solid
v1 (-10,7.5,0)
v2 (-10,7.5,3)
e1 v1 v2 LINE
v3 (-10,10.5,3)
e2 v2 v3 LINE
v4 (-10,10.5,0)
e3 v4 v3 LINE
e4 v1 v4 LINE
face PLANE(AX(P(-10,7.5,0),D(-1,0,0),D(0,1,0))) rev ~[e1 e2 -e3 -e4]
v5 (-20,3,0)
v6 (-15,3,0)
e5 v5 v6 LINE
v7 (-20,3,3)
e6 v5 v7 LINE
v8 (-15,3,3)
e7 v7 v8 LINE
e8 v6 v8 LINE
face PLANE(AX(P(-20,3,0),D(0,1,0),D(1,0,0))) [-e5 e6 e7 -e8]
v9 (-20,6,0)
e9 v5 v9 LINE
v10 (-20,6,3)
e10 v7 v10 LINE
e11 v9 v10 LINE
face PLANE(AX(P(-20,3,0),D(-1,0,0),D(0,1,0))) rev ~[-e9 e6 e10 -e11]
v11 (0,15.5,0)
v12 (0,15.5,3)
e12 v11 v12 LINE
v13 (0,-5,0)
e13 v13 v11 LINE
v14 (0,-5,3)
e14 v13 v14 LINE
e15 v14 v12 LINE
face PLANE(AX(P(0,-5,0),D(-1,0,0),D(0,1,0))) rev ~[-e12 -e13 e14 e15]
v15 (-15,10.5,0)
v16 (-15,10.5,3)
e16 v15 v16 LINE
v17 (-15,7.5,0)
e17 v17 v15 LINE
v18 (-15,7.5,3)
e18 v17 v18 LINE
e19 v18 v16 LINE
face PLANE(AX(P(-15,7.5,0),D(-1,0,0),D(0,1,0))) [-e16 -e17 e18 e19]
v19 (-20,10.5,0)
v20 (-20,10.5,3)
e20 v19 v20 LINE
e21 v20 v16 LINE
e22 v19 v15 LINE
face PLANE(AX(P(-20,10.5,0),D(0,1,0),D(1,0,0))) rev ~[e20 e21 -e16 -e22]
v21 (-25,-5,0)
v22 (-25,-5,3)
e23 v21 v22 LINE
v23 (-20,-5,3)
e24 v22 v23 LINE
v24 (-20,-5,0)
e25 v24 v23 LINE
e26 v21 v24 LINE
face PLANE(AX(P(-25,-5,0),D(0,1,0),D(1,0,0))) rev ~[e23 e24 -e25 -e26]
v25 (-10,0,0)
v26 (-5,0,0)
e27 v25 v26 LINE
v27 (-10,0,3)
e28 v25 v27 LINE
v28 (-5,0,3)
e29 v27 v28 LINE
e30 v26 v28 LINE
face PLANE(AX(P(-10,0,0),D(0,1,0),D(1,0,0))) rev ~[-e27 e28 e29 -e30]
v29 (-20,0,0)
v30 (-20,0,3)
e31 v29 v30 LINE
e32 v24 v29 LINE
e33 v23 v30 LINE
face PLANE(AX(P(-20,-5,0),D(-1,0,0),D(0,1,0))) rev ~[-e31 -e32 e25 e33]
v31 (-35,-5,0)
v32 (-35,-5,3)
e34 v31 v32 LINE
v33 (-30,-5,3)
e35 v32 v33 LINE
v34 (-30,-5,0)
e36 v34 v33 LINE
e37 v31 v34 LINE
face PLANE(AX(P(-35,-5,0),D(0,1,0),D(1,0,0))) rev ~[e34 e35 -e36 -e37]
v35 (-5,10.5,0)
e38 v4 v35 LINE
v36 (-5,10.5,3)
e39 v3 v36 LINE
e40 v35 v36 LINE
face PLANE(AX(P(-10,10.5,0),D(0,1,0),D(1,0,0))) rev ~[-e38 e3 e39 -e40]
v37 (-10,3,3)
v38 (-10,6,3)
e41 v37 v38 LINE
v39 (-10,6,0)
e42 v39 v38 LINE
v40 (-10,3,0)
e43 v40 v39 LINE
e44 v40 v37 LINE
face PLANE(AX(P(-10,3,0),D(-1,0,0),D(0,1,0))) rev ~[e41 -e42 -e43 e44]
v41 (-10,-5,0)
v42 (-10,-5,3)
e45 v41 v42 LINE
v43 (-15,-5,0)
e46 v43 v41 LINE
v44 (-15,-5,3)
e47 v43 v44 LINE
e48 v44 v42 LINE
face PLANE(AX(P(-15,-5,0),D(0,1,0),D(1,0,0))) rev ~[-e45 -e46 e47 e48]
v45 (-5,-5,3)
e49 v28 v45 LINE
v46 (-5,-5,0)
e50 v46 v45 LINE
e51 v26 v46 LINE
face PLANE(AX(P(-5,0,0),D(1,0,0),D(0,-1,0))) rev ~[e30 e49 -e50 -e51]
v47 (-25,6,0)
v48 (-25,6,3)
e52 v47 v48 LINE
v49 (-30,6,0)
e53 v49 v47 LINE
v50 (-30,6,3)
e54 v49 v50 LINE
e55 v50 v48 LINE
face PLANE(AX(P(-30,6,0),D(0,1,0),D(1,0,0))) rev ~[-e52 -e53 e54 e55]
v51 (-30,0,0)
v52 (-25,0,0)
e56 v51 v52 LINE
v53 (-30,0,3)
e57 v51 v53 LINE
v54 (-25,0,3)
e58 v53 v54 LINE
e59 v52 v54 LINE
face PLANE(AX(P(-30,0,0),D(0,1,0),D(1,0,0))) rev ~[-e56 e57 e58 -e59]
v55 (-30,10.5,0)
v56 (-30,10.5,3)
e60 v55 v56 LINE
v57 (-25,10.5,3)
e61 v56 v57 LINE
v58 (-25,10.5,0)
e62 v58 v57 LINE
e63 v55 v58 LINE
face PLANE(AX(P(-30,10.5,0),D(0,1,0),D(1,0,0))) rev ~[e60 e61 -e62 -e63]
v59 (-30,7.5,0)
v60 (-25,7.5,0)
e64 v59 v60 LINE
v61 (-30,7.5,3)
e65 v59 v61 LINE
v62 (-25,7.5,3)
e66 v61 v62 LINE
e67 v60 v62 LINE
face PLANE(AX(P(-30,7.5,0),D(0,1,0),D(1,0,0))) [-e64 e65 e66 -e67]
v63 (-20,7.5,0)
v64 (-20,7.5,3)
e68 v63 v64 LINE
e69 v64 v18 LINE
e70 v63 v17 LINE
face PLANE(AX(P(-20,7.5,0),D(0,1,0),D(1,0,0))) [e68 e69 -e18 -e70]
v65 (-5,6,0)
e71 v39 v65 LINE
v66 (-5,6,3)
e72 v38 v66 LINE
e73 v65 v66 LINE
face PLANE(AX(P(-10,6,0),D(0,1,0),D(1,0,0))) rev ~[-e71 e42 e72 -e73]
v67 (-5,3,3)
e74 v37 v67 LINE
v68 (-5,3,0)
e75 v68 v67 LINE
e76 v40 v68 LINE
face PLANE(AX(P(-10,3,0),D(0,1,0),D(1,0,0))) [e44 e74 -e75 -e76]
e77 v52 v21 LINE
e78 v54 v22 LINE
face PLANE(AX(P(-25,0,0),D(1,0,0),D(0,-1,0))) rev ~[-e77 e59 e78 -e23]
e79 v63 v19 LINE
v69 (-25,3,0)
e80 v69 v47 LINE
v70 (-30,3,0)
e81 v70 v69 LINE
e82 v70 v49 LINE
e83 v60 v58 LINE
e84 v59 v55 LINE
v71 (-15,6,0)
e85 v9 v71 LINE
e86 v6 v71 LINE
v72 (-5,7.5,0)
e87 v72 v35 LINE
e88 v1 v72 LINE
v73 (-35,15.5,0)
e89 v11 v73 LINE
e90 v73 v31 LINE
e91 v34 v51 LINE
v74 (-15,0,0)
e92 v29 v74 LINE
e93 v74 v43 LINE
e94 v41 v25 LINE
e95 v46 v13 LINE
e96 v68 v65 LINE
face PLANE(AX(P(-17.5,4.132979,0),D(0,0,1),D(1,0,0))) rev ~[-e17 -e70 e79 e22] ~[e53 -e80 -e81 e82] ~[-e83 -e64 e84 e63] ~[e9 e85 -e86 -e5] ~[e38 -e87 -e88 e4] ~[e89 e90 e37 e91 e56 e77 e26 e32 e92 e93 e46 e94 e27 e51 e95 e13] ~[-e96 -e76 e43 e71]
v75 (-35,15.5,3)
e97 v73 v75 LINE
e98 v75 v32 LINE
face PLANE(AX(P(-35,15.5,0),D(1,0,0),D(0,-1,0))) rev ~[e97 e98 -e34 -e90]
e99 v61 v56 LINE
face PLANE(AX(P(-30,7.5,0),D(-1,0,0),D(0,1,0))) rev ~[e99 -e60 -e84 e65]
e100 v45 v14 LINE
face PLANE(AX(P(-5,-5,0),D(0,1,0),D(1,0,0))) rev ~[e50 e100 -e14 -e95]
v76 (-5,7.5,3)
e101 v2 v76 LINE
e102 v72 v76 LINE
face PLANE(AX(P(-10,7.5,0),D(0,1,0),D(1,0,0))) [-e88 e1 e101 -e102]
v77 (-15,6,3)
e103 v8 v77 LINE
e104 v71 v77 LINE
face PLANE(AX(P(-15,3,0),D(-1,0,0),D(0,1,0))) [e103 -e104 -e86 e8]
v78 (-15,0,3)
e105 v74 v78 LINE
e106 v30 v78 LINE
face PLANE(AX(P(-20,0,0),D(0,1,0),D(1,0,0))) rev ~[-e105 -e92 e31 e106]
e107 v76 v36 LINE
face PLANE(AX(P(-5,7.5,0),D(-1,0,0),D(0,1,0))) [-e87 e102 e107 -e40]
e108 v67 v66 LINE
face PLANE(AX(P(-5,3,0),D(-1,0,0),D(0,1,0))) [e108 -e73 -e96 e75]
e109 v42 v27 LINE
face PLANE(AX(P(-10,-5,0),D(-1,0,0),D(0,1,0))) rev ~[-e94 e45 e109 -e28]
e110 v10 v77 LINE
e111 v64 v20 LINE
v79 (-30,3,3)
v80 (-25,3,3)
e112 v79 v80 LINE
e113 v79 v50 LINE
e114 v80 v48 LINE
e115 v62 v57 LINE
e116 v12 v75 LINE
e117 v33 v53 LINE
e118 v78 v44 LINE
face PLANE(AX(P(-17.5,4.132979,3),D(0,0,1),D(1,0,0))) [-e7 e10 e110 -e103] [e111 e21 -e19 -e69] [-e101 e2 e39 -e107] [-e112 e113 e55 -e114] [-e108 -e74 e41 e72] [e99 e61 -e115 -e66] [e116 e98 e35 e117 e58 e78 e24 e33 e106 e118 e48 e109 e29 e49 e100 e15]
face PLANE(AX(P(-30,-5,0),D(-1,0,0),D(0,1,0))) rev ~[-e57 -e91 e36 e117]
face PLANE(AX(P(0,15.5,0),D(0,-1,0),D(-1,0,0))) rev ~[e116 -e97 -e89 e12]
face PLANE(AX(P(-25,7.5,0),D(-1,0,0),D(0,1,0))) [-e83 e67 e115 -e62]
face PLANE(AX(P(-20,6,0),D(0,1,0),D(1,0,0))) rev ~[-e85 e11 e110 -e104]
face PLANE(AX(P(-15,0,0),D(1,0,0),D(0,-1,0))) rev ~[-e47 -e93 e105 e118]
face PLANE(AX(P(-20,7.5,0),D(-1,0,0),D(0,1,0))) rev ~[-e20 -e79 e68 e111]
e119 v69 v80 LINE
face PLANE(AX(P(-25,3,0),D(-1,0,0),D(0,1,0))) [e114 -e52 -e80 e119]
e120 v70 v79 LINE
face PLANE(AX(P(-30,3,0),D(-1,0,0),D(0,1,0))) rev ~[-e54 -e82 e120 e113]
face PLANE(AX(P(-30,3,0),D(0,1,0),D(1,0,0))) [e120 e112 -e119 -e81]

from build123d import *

# Parameters (mm, degrees)
ESQUISSE1_W        = 5
ESQUISSE1_H        = 3
BOSS_EXTRU_1_DEPTH = 3


with BuildPart() as part:
    # Esquisse1 → Boss.-Extru.1 (new body)
    with BuildSketch(Plane.XY):
        Polygon((-20, -5), (-20, 0), (-15, 0), (-15, -5), (-10, -5), (-10, 0), (-5, 0), (-5, -5), (0, -5), (0, 15.5), (-35, 15.5), (-35, -5), (-30, -5), (-30, 0), (-25, 0), (-25, -5), align=None)
        with Locations((-7.5, 9)):
            Rectangle(ESQUISSE1_W, ESQUISSE1_H, mode=Mode.SUBTRACT)
        with Locations((-17.5, 9)):
            Rectangle(ESQUISSE1_W, ESQUISSE1_H, mode=Mode.SUBTRACT)
        with Locations((-27.5, 9)):
            Rectangle(ESQUISSE1_W, ESQUISSE1_H, mode=Mode.SUBTRACT)
        with Locations((-7.5, 4.5)):
            Rectangle(ESQUISSE1_W, ESQUISSE1_H, mode=Mode.SUBTRACT)
        with Locations((-17.5, 4.5)):
            Rectangle(ESQUISSE1_W, ESQUISSE1_H, mode=Mode.SUBTRACT)
        with Locations((-27.5, 4.5)):
            Rectangle(ESQUISSE1_W, ESQUISSE1_H, mode=Mode.SUBTRACT)
    extrude(amount=BOSS_EXTRU_1_DEPTH)


solid = part.part
